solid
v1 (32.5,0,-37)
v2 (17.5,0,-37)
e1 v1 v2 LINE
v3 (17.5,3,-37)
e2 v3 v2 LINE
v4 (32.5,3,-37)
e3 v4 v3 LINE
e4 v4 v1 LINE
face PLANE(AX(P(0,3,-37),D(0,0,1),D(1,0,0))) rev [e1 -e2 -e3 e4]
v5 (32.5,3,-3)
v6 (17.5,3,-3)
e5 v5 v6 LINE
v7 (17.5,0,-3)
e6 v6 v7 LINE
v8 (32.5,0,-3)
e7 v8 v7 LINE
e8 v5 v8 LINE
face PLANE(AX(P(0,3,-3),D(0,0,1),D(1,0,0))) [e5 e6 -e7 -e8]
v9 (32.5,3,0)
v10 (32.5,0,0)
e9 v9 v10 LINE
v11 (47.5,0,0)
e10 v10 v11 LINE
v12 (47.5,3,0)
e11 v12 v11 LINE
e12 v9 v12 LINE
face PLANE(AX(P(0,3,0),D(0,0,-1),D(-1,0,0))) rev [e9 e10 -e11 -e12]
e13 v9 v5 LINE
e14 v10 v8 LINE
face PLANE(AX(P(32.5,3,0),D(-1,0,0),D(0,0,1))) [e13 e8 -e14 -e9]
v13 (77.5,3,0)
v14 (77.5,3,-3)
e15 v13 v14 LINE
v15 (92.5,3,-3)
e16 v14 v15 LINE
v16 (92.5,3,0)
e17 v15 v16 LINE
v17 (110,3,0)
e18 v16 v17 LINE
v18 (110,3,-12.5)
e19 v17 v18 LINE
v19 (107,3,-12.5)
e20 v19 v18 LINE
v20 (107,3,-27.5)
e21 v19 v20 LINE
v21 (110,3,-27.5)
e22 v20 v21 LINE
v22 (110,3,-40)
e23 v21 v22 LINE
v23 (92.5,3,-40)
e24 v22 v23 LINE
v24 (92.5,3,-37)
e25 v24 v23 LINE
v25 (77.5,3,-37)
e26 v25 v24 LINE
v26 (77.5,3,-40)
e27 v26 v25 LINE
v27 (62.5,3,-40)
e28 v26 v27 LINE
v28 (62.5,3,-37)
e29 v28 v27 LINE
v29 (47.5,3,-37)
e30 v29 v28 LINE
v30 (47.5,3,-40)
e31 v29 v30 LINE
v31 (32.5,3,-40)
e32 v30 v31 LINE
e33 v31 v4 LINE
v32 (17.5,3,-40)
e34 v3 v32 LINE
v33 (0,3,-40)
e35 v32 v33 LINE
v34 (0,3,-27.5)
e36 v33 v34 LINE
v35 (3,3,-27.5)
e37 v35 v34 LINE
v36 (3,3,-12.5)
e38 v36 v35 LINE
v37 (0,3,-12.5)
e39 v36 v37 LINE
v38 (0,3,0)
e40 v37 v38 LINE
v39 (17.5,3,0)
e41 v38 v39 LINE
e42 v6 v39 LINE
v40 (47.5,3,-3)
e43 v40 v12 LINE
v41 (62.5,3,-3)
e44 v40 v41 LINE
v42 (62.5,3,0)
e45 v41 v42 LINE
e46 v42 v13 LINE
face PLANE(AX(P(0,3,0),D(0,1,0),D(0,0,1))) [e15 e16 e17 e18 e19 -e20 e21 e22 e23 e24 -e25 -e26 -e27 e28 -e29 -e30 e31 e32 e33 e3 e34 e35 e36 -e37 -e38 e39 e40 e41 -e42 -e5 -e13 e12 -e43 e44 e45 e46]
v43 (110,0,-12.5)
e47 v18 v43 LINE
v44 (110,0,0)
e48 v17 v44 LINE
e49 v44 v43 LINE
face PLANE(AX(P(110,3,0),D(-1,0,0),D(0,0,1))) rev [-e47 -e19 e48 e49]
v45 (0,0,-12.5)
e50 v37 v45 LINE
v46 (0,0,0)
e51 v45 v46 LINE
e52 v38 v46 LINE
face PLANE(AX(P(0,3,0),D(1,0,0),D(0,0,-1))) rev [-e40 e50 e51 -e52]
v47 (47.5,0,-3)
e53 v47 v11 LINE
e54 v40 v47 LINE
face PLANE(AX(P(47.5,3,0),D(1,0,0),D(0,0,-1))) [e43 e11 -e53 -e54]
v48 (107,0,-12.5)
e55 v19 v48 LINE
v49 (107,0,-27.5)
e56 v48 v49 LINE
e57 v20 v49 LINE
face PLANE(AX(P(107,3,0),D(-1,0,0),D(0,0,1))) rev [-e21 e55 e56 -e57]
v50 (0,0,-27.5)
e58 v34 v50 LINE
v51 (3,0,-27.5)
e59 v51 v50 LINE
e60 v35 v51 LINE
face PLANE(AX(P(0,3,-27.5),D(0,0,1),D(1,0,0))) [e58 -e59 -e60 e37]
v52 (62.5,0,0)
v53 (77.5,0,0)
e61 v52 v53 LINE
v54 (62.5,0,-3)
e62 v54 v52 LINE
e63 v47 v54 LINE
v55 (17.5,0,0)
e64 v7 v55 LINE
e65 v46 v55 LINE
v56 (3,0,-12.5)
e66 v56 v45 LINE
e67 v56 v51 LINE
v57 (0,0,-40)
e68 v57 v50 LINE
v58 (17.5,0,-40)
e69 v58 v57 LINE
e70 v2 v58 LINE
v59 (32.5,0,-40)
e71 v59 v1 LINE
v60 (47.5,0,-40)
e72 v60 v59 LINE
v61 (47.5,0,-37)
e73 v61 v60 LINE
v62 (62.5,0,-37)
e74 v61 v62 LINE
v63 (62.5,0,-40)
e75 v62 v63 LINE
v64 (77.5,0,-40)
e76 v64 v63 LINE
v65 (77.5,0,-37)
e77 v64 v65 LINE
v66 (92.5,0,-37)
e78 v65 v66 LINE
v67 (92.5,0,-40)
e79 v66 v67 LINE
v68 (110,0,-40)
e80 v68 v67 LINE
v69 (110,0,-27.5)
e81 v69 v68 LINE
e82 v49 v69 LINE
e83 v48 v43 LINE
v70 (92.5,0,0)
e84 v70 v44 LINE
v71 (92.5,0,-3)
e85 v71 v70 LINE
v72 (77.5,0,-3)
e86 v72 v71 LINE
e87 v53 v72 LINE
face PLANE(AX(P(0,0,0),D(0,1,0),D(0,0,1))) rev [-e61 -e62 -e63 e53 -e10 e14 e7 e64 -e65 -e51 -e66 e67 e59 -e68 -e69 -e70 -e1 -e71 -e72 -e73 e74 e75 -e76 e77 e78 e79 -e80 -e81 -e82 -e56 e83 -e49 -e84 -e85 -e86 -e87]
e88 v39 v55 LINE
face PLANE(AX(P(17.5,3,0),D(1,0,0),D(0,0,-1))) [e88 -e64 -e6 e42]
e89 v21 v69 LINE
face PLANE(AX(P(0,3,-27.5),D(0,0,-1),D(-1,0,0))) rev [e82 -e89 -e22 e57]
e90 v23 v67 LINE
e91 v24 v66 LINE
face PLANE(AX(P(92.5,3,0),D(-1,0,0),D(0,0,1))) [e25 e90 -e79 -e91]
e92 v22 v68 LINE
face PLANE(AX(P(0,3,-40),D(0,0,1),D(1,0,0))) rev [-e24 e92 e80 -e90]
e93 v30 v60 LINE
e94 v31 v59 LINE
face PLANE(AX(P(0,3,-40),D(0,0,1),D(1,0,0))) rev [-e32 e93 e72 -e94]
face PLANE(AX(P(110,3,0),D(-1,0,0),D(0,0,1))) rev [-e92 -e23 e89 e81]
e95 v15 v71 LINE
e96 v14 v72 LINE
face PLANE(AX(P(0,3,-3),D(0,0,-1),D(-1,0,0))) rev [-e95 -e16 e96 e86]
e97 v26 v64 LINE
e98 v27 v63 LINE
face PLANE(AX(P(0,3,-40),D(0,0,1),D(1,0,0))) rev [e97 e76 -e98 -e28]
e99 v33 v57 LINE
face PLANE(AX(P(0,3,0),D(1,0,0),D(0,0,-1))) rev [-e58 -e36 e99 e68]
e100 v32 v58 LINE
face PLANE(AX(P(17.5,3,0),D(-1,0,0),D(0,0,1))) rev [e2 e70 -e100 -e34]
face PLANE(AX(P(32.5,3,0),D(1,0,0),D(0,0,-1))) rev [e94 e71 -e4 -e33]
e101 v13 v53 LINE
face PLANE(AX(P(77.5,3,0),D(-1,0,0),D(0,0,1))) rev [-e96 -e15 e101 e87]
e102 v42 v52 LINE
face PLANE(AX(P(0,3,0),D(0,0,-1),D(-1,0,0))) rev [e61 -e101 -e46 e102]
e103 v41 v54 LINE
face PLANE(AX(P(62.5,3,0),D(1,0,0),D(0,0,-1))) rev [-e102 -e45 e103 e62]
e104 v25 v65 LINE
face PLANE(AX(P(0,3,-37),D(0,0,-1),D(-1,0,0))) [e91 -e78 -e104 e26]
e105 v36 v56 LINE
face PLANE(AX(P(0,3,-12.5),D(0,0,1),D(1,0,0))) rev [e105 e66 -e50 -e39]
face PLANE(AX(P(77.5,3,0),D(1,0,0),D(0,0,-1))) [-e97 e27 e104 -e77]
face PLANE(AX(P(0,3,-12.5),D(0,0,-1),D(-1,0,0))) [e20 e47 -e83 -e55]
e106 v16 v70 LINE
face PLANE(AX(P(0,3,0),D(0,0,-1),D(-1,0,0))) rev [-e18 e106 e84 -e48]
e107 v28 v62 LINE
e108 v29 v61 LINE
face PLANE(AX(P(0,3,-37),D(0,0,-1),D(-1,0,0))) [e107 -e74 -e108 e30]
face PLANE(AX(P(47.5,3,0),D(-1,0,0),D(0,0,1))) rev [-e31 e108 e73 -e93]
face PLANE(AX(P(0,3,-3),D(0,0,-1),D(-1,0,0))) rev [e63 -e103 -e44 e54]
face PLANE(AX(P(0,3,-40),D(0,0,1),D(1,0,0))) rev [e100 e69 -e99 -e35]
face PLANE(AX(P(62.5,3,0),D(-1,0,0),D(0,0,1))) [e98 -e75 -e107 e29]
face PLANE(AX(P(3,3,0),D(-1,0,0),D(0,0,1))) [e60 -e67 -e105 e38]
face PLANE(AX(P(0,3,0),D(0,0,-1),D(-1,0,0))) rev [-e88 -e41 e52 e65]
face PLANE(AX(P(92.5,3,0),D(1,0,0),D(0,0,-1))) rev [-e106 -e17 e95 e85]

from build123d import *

# Parameters (mm, degrees)
SALIENTE_EXTRUIR2_DEPTH = 3


with BuildPart() as part:
    # Croquis1 → Saliente-Extruir2 (new body)
    with BuildSketch(Plane(origin=(0, 0, 0), x_dir=(1, 0, 0), z_dir=(0, 1, 0))):
        Polygon((3, 12.5), (3, 27.5), (0, 27.5), (0, 40), (17.5, 40), (17.5, 37), (32.5, 37), (32.5, 40), (47.5, 40), (47.5, 37), (62.5, 37), (62.5, 40), (77.5, 40), (77.5, 37), (92.5, 37), (92.5, 40), (110, 40), (110, 27.5), (107, 27.5), (107, 12.5), (110, 12.5), (110, 0), (92.5, 0), (92.5, 3), (77.5, 3), (77.5, 0), (62.5, 0), (62.5, 3), (47.5, 3), (47.5, 0), (32.5, 0), (32.5, 3), (17.5, 3), (17.5, 0), (0, 0), (0, 12.5), align=None)
    extrude(amount=SALIENTE_EXTRUIR2_DEPTH)


solid = part.part
